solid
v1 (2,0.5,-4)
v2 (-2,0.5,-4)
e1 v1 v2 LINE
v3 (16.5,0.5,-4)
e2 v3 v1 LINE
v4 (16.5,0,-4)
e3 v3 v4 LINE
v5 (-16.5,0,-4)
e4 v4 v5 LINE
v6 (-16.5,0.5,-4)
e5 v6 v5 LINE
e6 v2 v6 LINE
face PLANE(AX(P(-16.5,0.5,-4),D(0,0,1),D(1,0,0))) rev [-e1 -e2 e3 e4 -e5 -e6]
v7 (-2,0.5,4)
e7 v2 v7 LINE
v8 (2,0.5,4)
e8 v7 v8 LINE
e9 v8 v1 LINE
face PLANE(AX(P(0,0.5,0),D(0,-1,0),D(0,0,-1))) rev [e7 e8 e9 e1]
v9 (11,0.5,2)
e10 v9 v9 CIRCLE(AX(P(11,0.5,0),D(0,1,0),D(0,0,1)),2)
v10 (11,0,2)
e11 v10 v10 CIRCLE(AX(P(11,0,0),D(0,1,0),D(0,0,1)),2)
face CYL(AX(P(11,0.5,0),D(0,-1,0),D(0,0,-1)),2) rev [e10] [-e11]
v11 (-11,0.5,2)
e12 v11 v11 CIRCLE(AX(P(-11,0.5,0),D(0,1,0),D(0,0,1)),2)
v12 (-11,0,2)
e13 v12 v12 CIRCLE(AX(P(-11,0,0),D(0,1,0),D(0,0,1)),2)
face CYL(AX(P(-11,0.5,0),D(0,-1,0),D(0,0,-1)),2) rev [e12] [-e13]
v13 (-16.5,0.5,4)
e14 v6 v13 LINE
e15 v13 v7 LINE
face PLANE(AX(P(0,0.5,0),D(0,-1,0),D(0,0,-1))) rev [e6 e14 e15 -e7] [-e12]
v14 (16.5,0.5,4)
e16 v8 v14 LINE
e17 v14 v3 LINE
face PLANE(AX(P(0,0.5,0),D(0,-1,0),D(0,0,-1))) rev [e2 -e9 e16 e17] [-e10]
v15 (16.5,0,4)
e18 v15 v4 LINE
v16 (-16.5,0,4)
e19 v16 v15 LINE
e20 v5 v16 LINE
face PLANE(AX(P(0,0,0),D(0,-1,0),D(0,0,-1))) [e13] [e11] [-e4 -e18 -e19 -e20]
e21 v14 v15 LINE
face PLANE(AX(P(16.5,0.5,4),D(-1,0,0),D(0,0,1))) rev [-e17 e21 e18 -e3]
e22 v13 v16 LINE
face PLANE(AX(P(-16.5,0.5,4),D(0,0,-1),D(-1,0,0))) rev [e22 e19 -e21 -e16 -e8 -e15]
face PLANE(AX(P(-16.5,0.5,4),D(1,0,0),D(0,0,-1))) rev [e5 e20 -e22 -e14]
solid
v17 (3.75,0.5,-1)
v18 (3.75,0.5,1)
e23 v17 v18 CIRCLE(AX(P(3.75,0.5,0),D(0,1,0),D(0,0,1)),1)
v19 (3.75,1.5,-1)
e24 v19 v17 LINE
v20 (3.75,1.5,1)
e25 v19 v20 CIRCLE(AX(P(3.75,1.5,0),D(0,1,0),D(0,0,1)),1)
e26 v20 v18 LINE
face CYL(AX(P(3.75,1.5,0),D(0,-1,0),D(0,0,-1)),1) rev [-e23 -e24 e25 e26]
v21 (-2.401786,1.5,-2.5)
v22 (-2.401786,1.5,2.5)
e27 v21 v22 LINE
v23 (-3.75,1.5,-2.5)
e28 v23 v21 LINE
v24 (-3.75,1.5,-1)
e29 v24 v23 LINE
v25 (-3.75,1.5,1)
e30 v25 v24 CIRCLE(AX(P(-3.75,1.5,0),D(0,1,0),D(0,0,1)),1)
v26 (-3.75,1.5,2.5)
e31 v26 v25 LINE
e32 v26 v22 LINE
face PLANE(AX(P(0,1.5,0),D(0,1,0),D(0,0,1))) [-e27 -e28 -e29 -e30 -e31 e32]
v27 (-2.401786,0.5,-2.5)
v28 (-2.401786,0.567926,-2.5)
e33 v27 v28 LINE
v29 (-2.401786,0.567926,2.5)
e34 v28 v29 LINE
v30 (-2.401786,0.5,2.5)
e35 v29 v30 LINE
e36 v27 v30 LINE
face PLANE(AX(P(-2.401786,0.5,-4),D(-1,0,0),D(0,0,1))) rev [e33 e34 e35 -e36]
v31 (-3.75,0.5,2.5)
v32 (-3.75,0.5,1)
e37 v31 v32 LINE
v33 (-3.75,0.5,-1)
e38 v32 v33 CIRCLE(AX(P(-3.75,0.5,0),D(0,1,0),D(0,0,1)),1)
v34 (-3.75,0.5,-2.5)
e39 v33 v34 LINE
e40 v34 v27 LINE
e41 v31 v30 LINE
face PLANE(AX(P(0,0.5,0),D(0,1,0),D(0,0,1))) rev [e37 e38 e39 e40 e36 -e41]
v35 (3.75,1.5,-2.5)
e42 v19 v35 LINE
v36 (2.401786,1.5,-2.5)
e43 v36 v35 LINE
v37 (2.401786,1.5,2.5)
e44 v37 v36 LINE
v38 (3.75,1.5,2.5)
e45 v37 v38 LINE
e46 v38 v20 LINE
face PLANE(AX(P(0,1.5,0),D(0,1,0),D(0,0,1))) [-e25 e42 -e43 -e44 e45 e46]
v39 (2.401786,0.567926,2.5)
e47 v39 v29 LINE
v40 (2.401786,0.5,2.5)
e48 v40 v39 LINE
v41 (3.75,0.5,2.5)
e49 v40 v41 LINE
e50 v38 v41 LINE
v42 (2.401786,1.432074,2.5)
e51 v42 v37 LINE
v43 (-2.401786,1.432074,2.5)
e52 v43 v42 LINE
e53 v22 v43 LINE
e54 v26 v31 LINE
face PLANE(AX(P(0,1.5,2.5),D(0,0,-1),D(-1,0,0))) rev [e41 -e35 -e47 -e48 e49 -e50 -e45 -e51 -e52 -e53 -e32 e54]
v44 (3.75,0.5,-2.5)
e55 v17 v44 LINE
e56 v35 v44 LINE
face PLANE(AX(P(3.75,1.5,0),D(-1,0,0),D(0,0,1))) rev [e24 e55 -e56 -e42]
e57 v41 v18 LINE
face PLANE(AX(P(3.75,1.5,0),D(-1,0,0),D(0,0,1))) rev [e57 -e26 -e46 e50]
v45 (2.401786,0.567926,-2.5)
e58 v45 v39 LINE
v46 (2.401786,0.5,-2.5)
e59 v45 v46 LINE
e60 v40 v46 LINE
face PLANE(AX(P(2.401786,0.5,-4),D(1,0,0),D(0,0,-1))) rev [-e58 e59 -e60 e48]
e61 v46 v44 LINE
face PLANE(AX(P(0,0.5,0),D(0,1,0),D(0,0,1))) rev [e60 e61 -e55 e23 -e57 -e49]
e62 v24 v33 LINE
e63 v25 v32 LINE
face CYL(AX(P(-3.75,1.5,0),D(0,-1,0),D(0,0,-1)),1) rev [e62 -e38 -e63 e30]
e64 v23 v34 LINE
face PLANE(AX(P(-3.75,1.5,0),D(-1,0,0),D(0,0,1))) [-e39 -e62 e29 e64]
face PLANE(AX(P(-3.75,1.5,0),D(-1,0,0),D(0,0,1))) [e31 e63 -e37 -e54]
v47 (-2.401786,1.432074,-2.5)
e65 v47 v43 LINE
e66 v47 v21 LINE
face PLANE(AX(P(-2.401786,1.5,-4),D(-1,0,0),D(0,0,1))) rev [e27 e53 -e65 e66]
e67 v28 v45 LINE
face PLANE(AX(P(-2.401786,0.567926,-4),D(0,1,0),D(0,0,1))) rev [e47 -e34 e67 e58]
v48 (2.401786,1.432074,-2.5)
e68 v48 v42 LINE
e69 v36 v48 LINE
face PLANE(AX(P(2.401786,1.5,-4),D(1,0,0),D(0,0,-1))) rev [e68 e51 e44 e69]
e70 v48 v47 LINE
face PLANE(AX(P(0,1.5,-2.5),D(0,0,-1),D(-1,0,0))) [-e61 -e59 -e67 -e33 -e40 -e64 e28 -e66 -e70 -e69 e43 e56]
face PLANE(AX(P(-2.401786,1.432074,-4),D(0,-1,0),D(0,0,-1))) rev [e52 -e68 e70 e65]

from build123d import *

# Parameters (mm, degrees)
SKETCH1_W           = 33
SKETCH1_H           = 8
SKETCH1_R           = 2
BOSS_EXTRUDE1_DEPTH = 0.5
BOSS_EXTRUDE2_DEPTH = 1
SKETCH4_W           = 4.803572116
SKETCH4_H           = 0.067925827
CUT_EXTRUDE1_DEPTH  = 7.5


with BuildPart() as part:
    # Sketch1 → Boss-Extrude1 (new body)
    with BuildSketch(Plane(origin=(0, 0, 0), x_dir=(1, 0, 0), z_dir=(0, 1, 0))):
        Rectangle(SKETCH1_W, SKETCH1_H)
        with Locations((-11, 0)):
            Circle(SKETCH1_R, mode=Mode.SUBTRACT)
        with Locations((11, 0)):
            Circle(SKETCH1_R, mode=Mode.SUBTRACT)
    extrude(amount=BOSS_EXTRUDE1_DEPTH)


with BuildPart() as body_2:
    # Sketch3 → Boss-Extrude2 (new body)
    with BuildSketch(Plane(origin=(0, 0.5, 0), x_dir=(1, 0, 0), z_dir=(0, 1, 0))):
        with BuildLine():
            Line((-3.75, -1), (-3.75, -2.5))
            Line((-3.75, -2.5), (3.75, -2.5))
            Line((3.75, -2.5), (3.75, -1))
            ThreePointArc((3.75, -1), (2.75, 0), (3.75, 1))
            Line((3.75, 1), (3.75, 2.5))
            Line((3.75, 2.5), (-3.75, 2.5))
            Line((-3.75, 2.5), (-3.75, 1))
            ThreePointArc((-3.75, 1), (-3.042893219, 0.707106781), (-2.75, 0))
            ThreePointArc((-2.75, 0), (-3.042893219, -0.707106781), (-3.75, -1))
        make_face()
    extrude(amount=BOSS_EXTRUDE2_DEPTH)

    # Sketch4 → Cut-Extrude1 (cut, through all)
    with BuildSketch(Plane.XY.offset(2.5)):
        with Locations((0, 1.466037087)):
            Rectangle(SKETCH4_W, SKETCH4_H)
        with Locations((0, 0.533962914)):
            Rectangle(SKETCH4_W, SKETCH4_H)
    extrude(amount=-CUT_EXTRUDE1_DEPTH, mode=Mode.SUBTRACT)


solid = Compound([part.part, body_2.part])
